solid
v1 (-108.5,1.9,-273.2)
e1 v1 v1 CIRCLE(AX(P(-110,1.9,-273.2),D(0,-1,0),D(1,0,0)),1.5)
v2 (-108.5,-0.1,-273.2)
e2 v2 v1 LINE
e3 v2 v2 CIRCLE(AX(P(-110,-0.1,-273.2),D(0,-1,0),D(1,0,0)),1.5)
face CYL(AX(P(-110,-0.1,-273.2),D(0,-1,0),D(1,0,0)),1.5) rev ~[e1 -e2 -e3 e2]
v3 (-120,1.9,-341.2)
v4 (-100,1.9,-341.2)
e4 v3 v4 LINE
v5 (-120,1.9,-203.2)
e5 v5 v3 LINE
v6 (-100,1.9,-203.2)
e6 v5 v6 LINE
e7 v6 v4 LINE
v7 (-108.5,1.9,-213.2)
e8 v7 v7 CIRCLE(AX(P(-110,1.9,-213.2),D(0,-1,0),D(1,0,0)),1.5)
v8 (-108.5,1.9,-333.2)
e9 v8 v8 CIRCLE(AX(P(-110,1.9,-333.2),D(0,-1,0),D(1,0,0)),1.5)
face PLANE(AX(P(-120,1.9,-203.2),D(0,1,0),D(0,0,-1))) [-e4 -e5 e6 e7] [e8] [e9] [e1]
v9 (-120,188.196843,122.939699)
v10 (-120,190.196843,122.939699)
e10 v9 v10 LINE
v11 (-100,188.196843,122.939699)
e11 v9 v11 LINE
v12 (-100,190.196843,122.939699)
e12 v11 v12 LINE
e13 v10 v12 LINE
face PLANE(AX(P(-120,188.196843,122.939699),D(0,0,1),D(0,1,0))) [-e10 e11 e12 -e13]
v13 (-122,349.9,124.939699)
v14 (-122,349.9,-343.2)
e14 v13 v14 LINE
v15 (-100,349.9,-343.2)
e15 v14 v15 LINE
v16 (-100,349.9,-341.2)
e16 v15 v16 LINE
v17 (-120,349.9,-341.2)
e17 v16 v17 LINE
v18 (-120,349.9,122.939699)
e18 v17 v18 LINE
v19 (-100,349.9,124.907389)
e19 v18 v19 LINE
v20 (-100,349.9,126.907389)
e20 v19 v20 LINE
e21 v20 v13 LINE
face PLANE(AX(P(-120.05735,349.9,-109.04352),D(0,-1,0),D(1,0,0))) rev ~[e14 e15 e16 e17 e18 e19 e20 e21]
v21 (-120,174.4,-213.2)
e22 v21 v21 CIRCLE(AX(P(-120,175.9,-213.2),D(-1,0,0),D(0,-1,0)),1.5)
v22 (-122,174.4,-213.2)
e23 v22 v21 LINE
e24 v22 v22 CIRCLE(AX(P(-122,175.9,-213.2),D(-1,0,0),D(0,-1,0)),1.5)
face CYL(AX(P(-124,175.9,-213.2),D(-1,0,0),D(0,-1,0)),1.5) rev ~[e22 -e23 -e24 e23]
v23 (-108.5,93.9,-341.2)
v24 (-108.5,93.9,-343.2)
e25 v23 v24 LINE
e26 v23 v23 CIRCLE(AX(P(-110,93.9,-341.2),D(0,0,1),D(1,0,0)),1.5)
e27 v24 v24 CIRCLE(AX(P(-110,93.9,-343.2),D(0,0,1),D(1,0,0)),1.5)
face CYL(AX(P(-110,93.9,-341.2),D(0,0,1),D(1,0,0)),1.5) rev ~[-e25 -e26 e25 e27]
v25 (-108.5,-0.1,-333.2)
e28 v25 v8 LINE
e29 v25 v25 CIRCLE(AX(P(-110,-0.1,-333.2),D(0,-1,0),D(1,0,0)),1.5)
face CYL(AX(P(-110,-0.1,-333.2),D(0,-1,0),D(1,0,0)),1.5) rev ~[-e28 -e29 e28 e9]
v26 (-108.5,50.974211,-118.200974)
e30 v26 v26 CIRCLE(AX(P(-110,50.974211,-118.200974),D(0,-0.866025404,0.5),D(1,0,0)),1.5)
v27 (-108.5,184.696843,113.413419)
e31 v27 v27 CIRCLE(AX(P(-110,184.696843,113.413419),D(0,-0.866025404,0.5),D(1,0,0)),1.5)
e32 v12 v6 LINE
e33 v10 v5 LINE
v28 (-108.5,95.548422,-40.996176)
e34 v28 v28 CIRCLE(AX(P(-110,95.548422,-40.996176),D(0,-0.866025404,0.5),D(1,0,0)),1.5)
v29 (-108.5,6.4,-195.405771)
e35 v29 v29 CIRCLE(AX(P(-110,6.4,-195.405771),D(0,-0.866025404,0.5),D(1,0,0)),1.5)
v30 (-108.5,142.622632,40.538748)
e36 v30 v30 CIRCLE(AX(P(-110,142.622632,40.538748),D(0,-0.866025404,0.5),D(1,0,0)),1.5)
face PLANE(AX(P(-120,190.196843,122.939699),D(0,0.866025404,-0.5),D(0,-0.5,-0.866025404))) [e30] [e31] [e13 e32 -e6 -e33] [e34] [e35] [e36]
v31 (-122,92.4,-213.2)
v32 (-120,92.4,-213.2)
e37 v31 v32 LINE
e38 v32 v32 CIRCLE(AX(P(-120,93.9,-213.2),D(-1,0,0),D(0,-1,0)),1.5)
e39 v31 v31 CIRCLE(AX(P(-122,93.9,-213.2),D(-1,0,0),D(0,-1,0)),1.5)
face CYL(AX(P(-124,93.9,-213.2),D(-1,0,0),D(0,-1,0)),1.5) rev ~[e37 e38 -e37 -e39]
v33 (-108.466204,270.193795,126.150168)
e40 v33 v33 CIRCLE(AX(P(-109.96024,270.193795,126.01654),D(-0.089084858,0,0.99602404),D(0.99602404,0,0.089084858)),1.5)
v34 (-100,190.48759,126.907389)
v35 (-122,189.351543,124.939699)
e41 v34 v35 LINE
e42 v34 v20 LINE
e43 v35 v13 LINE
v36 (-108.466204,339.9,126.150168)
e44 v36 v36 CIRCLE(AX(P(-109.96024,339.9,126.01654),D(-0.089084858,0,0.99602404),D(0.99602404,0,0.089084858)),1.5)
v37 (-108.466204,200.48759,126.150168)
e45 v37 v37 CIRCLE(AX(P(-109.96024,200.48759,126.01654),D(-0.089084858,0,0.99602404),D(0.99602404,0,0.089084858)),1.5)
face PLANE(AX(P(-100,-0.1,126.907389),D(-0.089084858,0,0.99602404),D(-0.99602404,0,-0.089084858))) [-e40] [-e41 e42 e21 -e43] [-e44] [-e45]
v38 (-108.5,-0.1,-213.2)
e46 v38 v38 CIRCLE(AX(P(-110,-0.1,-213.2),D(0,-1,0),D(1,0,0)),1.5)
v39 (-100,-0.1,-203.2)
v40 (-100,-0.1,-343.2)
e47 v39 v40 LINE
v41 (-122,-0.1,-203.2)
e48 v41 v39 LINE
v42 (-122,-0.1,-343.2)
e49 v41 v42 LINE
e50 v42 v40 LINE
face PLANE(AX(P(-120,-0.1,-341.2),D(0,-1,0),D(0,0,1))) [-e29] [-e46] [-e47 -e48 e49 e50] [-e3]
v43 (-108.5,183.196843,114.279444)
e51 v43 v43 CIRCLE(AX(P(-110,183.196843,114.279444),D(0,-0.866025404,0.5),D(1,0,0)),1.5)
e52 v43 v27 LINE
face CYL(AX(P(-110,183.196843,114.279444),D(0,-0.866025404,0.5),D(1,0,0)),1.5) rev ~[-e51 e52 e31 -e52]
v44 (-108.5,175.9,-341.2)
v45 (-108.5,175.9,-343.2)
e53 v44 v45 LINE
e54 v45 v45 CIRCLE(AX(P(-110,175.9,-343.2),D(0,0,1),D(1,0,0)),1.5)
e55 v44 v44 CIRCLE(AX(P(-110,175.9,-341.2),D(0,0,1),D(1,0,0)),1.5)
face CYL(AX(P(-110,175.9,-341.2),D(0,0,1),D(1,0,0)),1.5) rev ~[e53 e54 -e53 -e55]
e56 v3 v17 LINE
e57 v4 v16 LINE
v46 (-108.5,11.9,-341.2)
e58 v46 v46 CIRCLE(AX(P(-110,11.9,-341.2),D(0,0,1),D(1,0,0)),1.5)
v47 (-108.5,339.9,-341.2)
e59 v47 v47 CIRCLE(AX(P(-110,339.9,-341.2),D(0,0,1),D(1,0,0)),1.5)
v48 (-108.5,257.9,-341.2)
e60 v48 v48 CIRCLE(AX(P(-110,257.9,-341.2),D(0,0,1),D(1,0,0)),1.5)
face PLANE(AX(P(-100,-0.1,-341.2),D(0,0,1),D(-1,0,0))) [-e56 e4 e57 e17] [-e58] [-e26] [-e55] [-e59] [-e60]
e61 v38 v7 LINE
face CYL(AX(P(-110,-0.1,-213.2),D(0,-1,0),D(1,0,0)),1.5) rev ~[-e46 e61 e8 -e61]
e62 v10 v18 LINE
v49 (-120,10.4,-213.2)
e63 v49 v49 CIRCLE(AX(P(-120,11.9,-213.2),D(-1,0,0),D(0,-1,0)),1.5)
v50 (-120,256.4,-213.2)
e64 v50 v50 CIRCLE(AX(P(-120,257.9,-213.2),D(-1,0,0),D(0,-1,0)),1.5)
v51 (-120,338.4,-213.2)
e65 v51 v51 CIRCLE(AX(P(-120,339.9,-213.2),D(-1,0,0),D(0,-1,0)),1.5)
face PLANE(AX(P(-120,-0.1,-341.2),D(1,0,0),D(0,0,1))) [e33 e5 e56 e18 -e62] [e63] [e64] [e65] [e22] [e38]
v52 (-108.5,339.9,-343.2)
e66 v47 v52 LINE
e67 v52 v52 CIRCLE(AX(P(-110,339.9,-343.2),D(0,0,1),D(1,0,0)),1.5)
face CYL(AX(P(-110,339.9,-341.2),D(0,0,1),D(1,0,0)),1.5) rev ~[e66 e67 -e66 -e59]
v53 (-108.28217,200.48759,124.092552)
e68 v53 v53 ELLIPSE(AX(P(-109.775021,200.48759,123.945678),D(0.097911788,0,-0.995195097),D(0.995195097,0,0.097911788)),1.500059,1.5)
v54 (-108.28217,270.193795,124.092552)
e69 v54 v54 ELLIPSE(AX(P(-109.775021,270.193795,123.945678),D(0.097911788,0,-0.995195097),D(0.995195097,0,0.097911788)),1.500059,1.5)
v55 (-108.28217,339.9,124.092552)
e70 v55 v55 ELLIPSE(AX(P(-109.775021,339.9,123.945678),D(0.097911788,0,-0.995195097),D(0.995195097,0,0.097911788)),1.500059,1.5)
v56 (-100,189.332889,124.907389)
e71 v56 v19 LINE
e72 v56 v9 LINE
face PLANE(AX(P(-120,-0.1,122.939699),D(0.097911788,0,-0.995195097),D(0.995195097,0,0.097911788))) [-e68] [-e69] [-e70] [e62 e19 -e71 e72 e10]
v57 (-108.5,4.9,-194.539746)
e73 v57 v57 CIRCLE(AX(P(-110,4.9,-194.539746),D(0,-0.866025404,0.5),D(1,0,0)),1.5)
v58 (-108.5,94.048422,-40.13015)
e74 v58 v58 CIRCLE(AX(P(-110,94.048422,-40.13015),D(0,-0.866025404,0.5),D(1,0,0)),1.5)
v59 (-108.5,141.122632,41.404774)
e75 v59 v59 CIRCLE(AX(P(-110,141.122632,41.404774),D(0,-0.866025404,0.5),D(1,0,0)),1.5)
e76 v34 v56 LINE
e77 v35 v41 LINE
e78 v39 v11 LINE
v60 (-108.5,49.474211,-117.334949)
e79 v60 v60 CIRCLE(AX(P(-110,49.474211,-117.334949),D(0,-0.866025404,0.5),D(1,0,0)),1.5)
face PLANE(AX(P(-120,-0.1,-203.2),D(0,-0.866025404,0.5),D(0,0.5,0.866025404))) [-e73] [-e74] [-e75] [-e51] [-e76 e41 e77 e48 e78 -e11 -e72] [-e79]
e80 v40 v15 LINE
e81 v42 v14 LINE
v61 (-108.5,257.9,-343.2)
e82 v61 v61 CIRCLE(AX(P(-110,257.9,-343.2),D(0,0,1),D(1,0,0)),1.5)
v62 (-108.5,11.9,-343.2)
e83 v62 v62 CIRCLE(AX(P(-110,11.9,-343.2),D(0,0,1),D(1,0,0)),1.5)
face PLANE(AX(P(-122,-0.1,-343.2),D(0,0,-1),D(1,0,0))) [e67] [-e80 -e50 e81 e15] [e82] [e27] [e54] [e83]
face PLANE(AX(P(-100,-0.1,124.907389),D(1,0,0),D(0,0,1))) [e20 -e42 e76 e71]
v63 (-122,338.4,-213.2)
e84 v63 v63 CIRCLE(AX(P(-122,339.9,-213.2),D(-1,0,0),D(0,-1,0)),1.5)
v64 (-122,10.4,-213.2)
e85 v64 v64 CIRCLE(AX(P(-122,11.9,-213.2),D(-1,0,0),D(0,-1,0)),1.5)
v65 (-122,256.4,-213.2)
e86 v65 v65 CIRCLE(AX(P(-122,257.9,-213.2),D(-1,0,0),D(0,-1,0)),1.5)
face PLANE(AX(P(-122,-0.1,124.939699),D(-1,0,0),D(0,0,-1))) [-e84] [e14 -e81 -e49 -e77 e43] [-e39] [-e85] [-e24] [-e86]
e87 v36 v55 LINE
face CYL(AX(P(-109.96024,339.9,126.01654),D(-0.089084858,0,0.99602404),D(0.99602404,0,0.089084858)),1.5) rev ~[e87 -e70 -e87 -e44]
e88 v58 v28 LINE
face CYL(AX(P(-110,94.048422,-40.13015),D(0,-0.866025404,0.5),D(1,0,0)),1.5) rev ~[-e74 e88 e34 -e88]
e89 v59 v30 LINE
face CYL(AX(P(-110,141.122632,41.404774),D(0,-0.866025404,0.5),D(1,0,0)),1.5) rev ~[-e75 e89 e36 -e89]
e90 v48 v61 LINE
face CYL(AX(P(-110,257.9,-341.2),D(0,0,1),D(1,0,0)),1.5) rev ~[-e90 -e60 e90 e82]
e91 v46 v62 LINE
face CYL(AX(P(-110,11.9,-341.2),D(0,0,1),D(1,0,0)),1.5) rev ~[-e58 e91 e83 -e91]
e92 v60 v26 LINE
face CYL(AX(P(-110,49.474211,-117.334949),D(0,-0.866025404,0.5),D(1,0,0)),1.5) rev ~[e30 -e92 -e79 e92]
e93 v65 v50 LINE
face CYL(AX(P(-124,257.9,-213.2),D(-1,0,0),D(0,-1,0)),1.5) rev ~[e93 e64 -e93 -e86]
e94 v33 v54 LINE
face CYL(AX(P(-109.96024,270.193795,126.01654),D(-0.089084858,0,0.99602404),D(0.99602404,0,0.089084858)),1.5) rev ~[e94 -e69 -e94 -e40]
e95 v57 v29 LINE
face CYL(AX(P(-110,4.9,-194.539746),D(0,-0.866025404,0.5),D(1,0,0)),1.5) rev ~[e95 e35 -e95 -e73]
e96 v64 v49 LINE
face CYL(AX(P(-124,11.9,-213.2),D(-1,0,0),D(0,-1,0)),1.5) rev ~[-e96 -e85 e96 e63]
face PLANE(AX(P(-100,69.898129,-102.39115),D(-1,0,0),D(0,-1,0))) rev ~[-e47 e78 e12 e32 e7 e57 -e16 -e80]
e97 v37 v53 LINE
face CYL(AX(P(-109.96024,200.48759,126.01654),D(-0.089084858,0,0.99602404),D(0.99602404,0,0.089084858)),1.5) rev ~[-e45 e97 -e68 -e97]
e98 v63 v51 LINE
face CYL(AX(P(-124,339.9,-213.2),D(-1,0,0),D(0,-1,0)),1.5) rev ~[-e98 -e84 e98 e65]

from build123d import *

# Parameters (mm, degrees)
PAD015_DEPTH         = 350
POCKET024_DEPTH      = 2.001
POCKET024_DEPTH_BACK = 20.001
PAD016_DEPTH         = 20
SKETCH051_R          = 1.5
POCKET029_DEPTH      = 5
SKETCH052_R          = 1.5
POCKET030_DEPTH      = 5
SKETCH053_R          = 1.5
POCKET031_DEPTH      = 5
SKETCH054_R          = 1.5
POCKET032_DEPTH      = 5
SKETCH055_R          = 1.5
POCKET033_DEPTH      = 5
SKETCH065_R          = 1.5
POCKET041_DEPTH      = 24.001


with BuildPart() as part:
    # Sketch044 (on Face1 of Binder013) → Pad015 (new body)
    with BuildSketch(Plane(origin=(0, -0.1, 0), x_dir=(-1, 0, 0), z_dir=(0, 1, 0))):
        Polygon((100, -343.2), (100, -341.2), (120, -341.2), (120, 122.9396985174), (100, 124.9073888451), (100, 126.9073888451), (122, 124.9396985174), (122, -343.2), align=None)
    extrude(amount=PAD015_DEPTH)

    # Sketch045 (on Face3 of Pad015) → Pocket024 (cut, two sides)
    with BuildSketch(Plane.YZ.offset(-120)) as pocket024_sk:
        Polygon((-0.1, -203.2), (190.4875899006, 126.907389), (-0.1, 126.907389), align=None)
    extrude(amount=-POCKET024_DEPTH, mode=Mode.SUBTRACT)
    extrude(pocket024_sk.sketch, amount=POCKET024_DEPTH_BACK, mode=Mode.SUBTRACT)

    # Sketch046 (on Face7 of Pocket024) → Pad016 (join)
    with BuildSketch(Plane.YZ.offset(-120)):
        Polygon((188.1968427325, 122.9396985174), (190.1968427325, 122.9396985174), (1.9, -203.2), (1.9, -341.2), (-0.1, -341.2), (-0.1, -203.2), align=None)
    extrude(amount=PAD016_DEPTH)

    # Sketch051 (on Face14 of Pad016) → Pocket029 (cut)
    with BuildSketch(Plane(origin=(0, 87.9131810245, -50.7566987298), x_dir=(1, 0, 0), z_dir=(0, -0.8660254038, 0.5))):
        with Locations((-110, 190.567323)):
            Circle(SKETCH051_R)
        with Locations((-110, 106.418902)):
            Circle(SKETCH051_R)
        with Locations((-110, 12.270481)):
            Circle(SKETCH051_R)
        with Locations((-110, -76.877941)):
            Circle(SKETCH051_R)
        with Locations((-110, -166.026362)):
            Circle(SKETCH051_R)
    extrude(amount=-POCKET029_DEPTH, mode=Mode.SUBTRACT)

    # Sketch052 (on Face14 of Pocket029) → Pocket030 (cut)
    with BuildSketch(Plane.XZ.offset(0.1)):
        with Locations((-110, -333.2)):
            Circle(SKETCH052_R)
        with Locations((-110, -273.2)):
            Circle(SKETCH052_R)
        with Locations((-110, -213.2)):
            Circle(SKETCH052_R)
    extrude(amount=-POCKET030_DEPTH, mode=Mode.SUBTRACT)

    # Sketch053 (on Face1 of Pocket030) → Pocket031 (cut)
    with BuildSketch(Plane.XY.offset(-341.2)):
        with Locations((-110, 339.9)):
            Circle(SKETCH053_R)
        with Locations((-110, 175.9)):
            Circle(SKETCH053_R)
        with Locations((-110, 93.9)):
            Circle(SKETCH053_R)
        with Locations((-110, 11.9)):
            Circle(SKETCH053_R)
        with Locations((-110, 257.9)):
            Circle(SKETCH053_R)
    extrude(amount=-POCKET031_DEPTH, mode=Mode.SUBTRACT)

    # Sketch054 (on Face21 of Pocket031) → Pocket032 (cut)
    with BuildSketch(Plane(origin=(-12.0541875412, 0, 134.7733035964), x_dir=(0.9960240399, 0, 0.0890848577), z_dir=(-0.0890848577, 0, 0.9960240399))):
        with Locations((-98.296877, 200.48759)):
            Circle(SKETCH054_R)
        with Locations((-98.296877, 270.193795)):
            Circle(SKETCH054_R)
        with Locations((-98.296877, 339.9)):
            Circle(SKETCH054_R)
    extrude(amount=-POCKET032_DEPTH, mode=Mode.SUBTRACT)

    # Sketch055 (on Face21 of Pocket031) → Pocket033 (cut)
    with BuildSketch(Plane(origin=(-12.0541875412, 0, 134.7733035964), x_dir=(0.9960240399, 0, 0.0890848577), z_dir=(-0.0890848577, 0, 0.9960240399))):
        with Locations((-98.296877, 200.48759)):
            Circle(SKETCH055_R)
        with Locations((-98.296877, 339.9)):
            Circle(SKETCH055_R)
        with Locations((-98.296877, 270.193795)):
            Circle(SKETCH055_R)
    extrude(amount=-POCKET033_DEPTH, mode=Mode.SUBTRACT)

    # Sketch065 (on Face1 of Binder018) → Pocket041 (cut, through all)
    with BuildSketch(Plane(origin=(-124, 0, 0), x_dir=(0, -1, 0), z_dir=(-1, 0, 0))):
        with Locations((-339.9, -213.2)):
            Circle(SKETCH065_R)
        with Locations((-257.9, -213.2)):
            Circle(SKETCH065_R)
        with Locations((-175.9, -213.2)):
            Circle(SKETCH065_R)
        with Locations((-93.9, -213.2)):
            Circle(SKETCH065_R)
        with Locations((-11.9, -213.2)):
            Circle(SKETCH065_R)
    extrude(amount=-POCKET041_DEPTH, mode=Mode.SUBTRACT)


solid = part.part
